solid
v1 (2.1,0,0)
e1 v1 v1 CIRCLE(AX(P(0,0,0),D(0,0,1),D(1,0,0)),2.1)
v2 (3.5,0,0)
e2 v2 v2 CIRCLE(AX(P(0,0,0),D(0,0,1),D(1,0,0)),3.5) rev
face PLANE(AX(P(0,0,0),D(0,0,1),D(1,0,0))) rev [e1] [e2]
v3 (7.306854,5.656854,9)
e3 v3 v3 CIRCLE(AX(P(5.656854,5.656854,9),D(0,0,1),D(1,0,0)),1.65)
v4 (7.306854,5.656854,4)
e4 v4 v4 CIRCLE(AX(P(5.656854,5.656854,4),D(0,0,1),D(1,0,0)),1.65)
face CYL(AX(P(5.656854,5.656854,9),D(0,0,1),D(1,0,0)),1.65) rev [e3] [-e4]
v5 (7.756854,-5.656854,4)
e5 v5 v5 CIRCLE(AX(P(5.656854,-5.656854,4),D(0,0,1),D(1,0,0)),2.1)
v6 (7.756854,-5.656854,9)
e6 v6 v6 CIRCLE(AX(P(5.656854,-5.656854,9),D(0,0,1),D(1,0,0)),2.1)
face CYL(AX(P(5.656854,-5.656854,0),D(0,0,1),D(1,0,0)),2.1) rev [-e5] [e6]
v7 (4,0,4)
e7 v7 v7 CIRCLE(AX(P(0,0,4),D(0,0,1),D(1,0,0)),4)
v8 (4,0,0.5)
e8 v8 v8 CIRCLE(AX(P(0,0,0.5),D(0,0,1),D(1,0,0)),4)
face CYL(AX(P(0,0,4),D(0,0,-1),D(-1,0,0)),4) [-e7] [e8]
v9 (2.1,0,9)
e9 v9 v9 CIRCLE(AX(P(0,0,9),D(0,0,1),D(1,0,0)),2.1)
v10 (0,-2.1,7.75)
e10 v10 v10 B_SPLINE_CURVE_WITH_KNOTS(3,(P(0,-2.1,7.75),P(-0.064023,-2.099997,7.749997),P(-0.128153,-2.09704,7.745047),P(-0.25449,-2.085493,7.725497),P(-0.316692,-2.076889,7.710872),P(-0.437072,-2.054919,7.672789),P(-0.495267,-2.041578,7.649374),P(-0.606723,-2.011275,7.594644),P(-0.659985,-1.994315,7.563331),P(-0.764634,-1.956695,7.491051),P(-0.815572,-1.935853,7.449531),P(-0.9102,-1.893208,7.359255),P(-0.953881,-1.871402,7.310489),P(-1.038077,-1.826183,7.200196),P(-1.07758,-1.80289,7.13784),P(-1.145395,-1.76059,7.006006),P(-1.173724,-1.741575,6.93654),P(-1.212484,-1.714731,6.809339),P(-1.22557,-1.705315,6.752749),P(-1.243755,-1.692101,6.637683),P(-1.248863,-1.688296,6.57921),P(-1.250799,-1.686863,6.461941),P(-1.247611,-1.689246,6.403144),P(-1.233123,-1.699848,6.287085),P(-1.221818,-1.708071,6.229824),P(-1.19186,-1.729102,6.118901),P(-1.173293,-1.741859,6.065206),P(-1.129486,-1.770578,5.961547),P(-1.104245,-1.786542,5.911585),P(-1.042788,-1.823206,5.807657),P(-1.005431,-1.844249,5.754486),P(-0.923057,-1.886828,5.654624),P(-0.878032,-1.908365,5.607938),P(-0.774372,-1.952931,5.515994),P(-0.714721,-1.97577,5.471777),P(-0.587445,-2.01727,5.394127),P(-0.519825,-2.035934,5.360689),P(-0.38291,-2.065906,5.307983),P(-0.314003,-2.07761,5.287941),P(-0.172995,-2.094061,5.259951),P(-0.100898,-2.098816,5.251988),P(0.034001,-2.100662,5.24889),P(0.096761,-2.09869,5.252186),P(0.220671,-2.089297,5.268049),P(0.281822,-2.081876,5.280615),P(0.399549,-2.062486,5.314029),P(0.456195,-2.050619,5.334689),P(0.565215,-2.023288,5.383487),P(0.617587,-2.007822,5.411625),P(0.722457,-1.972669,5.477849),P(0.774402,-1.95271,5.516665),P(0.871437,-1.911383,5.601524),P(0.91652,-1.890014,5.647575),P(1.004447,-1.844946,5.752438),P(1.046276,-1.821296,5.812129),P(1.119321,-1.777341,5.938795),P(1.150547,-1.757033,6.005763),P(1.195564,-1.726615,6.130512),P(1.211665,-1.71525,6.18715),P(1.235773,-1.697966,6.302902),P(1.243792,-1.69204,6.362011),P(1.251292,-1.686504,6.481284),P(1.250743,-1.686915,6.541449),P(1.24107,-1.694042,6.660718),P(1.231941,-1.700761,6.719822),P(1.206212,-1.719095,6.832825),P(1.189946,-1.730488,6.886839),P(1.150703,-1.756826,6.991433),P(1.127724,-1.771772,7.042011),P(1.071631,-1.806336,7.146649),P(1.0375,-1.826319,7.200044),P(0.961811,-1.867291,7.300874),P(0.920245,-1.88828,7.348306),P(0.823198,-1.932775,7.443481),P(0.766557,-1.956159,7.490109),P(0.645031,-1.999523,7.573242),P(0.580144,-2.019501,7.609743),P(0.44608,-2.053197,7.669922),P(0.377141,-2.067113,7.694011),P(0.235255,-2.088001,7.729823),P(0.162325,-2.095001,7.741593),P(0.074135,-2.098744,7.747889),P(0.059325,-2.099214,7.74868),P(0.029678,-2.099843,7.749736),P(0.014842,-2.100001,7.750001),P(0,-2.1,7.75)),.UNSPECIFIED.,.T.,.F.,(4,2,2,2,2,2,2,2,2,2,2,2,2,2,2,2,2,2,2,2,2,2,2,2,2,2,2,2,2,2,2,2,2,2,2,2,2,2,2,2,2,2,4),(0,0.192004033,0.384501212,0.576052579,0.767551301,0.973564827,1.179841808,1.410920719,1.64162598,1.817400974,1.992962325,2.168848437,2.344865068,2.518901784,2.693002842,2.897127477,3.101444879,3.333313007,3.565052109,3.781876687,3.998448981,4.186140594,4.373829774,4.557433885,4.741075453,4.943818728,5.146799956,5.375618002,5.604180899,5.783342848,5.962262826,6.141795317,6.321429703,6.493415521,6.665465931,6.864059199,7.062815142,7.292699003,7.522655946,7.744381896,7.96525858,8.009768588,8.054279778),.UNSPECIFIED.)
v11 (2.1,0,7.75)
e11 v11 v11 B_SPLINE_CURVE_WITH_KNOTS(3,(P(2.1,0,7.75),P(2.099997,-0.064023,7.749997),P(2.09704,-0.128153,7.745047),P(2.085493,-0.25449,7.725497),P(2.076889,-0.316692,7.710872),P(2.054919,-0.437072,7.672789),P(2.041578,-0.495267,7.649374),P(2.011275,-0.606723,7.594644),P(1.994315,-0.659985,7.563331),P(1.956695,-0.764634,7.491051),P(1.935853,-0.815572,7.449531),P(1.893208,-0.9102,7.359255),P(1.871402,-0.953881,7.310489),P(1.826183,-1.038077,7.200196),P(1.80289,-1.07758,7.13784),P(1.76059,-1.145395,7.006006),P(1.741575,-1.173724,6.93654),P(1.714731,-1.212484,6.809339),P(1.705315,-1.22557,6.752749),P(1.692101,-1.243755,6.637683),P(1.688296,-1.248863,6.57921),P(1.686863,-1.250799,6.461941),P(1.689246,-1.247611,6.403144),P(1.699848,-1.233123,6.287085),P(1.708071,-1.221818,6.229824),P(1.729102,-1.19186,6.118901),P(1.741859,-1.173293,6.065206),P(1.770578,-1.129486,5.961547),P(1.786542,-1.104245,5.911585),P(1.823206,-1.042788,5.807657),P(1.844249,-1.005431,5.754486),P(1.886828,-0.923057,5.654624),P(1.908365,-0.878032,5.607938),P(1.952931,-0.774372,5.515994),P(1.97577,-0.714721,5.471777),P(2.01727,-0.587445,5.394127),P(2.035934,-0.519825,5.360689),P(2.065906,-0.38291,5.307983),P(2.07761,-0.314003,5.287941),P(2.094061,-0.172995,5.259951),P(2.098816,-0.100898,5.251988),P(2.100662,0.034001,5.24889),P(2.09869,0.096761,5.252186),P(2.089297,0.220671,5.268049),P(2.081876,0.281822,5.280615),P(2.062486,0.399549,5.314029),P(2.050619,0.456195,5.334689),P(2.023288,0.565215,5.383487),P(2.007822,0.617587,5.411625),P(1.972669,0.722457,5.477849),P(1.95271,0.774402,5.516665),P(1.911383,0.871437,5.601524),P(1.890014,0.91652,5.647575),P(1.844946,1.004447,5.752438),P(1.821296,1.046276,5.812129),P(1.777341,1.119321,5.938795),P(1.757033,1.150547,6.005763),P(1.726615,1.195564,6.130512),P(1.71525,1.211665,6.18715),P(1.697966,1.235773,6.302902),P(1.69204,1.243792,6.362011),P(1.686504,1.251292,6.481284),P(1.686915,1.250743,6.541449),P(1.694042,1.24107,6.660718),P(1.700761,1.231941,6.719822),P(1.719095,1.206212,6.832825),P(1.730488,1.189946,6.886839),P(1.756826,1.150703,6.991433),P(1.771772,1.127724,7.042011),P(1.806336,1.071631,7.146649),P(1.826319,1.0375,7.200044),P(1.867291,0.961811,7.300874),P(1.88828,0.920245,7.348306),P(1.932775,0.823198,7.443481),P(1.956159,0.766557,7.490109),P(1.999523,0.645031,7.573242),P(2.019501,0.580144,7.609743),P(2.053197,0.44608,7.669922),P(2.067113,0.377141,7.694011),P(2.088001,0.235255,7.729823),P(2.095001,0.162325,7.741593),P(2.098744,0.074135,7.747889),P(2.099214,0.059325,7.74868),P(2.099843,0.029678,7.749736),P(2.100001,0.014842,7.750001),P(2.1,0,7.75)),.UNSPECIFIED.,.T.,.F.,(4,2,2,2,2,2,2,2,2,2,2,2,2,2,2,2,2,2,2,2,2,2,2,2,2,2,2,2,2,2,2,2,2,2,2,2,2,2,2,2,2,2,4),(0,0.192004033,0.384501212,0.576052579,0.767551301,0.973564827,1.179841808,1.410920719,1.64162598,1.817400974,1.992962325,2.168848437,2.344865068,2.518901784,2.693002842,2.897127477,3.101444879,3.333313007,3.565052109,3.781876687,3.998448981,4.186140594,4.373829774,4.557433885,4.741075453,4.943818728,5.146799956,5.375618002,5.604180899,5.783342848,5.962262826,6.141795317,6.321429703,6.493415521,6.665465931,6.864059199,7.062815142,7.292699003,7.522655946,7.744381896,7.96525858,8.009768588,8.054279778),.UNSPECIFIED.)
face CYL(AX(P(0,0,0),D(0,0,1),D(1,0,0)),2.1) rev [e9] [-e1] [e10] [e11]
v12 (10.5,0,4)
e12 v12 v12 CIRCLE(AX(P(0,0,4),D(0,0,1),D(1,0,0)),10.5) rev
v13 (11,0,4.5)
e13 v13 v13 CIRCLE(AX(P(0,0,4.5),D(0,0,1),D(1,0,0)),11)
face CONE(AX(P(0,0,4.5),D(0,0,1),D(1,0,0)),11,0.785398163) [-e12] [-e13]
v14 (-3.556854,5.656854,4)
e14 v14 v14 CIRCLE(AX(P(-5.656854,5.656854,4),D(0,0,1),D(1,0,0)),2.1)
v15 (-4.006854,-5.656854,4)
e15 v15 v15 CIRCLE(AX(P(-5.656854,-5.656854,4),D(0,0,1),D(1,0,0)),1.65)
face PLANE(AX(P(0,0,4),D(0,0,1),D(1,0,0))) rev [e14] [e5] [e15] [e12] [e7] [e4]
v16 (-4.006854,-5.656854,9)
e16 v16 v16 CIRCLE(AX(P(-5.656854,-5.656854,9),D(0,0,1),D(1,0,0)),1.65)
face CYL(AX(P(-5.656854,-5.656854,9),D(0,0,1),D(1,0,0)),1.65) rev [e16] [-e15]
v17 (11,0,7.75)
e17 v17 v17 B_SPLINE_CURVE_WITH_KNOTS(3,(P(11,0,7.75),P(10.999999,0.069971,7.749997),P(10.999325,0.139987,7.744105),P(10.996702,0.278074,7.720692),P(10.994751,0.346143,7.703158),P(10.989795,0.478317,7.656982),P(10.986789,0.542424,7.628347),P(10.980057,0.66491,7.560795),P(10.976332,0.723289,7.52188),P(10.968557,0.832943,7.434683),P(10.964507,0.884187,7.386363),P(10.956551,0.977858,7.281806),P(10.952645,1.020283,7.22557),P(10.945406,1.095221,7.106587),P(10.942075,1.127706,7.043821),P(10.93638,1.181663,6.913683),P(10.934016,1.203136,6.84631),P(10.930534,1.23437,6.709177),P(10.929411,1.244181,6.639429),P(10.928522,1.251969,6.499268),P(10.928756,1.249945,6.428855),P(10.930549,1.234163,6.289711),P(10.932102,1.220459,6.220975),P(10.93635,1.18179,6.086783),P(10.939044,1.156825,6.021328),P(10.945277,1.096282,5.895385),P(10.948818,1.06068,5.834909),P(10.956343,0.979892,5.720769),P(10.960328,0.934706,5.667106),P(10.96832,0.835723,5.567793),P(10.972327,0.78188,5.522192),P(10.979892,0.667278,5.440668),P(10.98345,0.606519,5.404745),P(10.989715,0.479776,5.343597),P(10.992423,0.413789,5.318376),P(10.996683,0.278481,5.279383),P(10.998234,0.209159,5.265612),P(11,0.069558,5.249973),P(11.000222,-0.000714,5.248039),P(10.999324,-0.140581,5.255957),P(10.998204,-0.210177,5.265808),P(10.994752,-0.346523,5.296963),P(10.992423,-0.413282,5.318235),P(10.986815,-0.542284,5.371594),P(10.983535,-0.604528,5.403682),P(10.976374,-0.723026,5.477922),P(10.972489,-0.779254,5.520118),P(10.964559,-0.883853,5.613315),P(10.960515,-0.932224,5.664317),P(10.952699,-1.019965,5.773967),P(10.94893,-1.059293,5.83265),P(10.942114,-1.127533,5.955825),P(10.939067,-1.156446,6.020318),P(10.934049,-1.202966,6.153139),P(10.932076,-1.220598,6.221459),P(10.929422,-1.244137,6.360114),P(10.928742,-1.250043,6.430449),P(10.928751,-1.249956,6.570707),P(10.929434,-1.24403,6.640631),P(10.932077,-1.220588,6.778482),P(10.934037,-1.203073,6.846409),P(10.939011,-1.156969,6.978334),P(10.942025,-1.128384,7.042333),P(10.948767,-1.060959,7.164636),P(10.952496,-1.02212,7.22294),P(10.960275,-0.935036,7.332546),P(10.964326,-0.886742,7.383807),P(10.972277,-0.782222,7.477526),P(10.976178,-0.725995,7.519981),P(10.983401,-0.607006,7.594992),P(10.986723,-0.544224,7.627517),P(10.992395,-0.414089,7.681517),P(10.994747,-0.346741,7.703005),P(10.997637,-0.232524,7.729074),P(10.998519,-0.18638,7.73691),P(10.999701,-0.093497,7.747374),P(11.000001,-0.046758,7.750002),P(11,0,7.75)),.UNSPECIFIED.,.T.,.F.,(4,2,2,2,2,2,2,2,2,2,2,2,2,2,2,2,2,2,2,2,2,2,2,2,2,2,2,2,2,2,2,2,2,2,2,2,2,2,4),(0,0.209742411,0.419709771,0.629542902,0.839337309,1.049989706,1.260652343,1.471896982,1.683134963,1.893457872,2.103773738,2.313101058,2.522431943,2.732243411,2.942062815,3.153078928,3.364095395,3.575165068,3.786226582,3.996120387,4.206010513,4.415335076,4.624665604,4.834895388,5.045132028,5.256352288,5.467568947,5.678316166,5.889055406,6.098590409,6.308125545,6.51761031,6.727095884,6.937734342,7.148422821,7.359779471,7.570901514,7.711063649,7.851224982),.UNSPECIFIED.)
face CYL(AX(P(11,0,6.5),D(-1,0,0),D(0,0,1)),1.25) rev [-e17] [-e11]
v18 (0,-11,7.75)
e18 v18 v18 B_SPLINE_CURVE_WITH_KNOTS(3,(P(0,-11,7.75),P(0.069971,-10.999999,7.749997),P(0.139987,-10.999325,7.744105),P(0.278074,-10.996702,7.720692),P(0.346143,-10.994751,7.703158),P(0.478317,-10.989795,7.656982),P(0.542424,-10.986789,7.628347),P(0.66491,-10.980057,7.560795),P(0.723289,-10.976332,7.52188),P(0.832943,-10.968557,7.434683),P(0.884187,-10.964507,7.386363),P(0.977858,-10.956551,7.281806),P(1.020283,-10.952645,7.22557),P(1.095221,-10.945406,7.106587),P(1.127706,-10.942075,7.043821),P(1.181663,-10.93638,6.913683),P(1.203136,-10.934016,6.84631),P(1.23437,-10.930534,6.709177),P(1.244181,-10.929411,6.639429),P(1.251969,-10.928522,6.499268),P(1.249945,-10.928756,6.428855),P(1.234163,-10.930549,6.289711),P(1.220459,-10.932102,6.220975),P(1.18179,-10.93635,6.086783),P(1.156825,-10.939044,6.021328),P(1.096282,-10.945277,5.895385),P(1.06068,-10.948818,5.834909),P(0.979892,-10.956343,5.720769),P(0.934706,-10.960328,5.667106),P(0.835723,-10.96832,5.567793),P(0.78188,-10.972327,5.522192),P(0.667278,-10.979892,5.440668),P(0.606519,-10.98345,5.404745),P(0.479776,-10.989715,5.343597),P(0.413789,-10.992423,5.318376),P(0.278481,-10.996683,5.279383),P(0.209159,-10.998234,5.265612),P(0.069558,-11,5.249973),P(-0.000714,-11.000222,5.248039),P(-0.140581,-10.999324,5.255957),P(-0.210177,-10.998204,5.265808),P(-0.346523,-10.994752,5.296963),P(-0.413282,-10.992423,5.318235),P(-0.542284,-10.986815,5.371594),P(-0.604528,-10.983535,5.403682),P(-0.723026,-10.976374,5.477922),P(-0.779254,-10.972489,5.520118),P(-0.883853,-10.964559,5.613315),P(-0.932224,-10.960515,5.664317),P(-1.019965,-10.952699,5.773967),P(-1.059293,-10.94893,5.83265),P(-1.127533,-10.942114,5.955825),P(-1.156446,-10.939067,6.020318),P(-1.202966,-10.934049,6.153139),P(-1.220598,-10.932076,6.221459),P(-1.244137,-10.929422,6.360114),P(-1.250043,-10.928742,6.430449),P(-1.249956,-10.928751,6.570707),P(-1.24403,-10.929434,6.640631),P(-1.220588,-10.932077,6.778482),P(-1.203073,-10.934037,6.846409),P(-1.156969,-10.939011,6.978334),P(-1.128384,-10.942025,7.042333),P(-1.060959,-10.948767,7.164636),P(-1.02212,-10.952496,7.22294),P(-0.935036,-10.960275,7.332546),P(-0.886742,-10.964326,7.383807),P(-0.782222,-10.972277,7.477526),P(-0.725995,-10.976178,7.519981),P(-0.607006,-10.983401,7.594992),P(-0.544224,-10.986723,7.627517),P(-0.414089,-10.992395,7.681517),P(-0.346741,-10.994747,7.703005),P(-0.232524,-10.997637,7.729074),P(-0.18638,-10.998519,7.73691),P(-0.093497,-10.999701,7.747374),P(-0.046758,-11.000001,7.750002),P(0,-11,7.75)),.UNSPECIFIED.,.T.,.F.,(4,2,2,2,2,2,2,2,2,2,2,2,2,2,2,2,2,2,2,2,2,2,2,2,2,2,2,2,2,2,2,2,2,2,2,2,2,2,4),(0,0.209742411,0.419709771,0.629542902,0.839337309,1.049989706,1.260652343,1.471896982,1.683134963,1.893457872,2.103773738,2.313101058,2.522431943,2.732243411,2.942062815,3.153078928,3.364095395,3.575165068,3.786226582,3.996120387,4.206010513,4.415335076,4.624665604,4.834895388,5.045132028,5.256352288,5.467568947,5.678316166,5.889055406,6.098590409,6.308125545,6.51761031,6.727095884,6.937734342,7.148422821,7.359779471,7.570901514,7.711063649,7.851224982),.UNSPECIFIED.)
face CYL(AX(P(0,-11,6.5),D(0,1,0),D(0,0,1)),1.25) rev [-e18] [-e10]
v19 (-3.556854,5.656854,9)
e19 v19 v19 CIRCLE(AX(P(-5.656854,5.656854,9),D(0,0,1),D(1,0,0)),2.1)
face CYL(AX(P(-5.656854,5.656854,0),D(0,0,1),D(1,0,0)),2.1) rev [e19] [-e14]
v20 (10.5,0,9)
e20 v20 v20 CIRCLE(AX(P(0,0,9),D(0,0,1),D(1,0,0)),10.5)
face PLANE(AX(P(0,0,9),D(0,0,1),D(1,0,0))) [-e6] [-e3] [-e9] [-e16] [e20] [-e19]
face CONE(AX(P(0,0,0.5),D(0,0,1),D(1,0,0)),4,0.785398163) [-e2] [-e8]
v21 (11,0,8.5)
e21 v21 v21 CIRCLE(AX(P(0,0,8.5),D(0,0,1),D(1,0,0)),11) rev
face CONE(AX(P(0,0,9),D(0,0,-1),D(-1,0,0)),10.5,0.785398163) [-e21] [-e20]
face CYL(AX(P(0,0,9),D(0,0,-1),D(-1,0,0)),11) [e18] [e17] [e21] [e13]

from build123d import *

# Parameters (mm, degrees)
ESQUISSE1_R                  = 4
BOSS_EXTRU_1_DEPTH           = 4
ESQUISSE2_R                  = 11
BOSS_EXTRU_2_DEPTH           = 5
ESQUISSE3_R                  = 2.1
ENL_V_MAT_EXTRU_1_DEPTH      = 18.972200756
TROU_TARAUD_M41_D            = 3.3
ESQUISSE6_R                  = 1.25
ENL_V_MAT_EXTRU_2_DEPTH      = 18.972200756
R_P_TITION_CIRCULAIRE1_COUNT = 2
R_P_TITION_CIRCULAIRE1_ANGLE = 90
CHANFREIN1_SIZE              = 0.5


with BuildPart() as part:
    # Esquisse1 → Boss.-Extru.1 (new body)
    with BuildSketch(Plane.XY):
        Circle(ESQUISSE1_R)
    extrude(amount=BOSS_EXTRU_1_DEPTH)

    # Esquisse2 → Boss.-Extru.2 (add)
    with BuildSketch(Plane.XY.offset(4)):
        Circle(ESQUISSE2_R)
    extrude(amount=BOSS_EXTRU_2_DEPTH)

    # Esquisse3 → Enlèv. mat.-Extru.1 (cut, through all)
    with BuildSketch(Plane.XY.offset(9)):
        with Locations((-5.656854249, 5.656854249)):
            Circle(ESQUISSE3_R)
        with Locations((5.656854249, -5.656854249)):
            Circle(ESQUISSE3_R)
        Circle(ESQUISSE3_R)
    extrude(amount=-ENL_V_MAT_EXTRU_1_DEPTH, mode=Mode.SUBTRACT)

    # Trou taraudé M41 (through all)
    with Locations(Plane.XY.offset(9)):
        with Locations((5.656854249, 5.656854249), (-5.656854249, -5.656854249)):
            Hole(TROU_TARAUD_M41_D / 2)

    # Esquisse6 → Enlèv. mat.-Extru.2 (cut, through all)
    with BuildSketch(Plane(origin=(0, 0, 0), x_dir=(1, 0, 0), z_dir=(0, 1, 0))):
        with Locations(Location((0, -6.5, 0), (0, 0, 270))):
            Circle(ESQUISSE6_R)
    enl_v_mat_extru_2 = extrude(amount=-ENL_V_MAT_EXTRU_2_DEPTH, mode=Mode.SUBTRACT)

    # Répétition circulaire1: Enlèv. mat.-Extru.2 ×2 about axis
    r_p_tition_circulaire1_axis = Axis((0, 0, 9), (0, 0, 1))
    for i in range(1, R_P_TITION_CIRCULAIRE1_COUNT):
        add(enl_v_mat_extru_2.rotate(r_p_tition_circulaire1_axis, i * R_P_TITION_CIRCULAIRE1_ANGLE / (R_P_TITION_CIRCULAIRE1_COUNT - 1)), mode=Mode.SUBTRACT)

    # Chanfrein1
    chanfrein1_edges = [part.edges().sort_by_distance(p)[0] for p in [
        (-4, 0, 0),
        (-11, 0, 4),
        (-11, 0, 9),
    ]]
    chamfer(chanfrein1_edges, length=CHANFREIN1_SIZE)


solid = part.part
